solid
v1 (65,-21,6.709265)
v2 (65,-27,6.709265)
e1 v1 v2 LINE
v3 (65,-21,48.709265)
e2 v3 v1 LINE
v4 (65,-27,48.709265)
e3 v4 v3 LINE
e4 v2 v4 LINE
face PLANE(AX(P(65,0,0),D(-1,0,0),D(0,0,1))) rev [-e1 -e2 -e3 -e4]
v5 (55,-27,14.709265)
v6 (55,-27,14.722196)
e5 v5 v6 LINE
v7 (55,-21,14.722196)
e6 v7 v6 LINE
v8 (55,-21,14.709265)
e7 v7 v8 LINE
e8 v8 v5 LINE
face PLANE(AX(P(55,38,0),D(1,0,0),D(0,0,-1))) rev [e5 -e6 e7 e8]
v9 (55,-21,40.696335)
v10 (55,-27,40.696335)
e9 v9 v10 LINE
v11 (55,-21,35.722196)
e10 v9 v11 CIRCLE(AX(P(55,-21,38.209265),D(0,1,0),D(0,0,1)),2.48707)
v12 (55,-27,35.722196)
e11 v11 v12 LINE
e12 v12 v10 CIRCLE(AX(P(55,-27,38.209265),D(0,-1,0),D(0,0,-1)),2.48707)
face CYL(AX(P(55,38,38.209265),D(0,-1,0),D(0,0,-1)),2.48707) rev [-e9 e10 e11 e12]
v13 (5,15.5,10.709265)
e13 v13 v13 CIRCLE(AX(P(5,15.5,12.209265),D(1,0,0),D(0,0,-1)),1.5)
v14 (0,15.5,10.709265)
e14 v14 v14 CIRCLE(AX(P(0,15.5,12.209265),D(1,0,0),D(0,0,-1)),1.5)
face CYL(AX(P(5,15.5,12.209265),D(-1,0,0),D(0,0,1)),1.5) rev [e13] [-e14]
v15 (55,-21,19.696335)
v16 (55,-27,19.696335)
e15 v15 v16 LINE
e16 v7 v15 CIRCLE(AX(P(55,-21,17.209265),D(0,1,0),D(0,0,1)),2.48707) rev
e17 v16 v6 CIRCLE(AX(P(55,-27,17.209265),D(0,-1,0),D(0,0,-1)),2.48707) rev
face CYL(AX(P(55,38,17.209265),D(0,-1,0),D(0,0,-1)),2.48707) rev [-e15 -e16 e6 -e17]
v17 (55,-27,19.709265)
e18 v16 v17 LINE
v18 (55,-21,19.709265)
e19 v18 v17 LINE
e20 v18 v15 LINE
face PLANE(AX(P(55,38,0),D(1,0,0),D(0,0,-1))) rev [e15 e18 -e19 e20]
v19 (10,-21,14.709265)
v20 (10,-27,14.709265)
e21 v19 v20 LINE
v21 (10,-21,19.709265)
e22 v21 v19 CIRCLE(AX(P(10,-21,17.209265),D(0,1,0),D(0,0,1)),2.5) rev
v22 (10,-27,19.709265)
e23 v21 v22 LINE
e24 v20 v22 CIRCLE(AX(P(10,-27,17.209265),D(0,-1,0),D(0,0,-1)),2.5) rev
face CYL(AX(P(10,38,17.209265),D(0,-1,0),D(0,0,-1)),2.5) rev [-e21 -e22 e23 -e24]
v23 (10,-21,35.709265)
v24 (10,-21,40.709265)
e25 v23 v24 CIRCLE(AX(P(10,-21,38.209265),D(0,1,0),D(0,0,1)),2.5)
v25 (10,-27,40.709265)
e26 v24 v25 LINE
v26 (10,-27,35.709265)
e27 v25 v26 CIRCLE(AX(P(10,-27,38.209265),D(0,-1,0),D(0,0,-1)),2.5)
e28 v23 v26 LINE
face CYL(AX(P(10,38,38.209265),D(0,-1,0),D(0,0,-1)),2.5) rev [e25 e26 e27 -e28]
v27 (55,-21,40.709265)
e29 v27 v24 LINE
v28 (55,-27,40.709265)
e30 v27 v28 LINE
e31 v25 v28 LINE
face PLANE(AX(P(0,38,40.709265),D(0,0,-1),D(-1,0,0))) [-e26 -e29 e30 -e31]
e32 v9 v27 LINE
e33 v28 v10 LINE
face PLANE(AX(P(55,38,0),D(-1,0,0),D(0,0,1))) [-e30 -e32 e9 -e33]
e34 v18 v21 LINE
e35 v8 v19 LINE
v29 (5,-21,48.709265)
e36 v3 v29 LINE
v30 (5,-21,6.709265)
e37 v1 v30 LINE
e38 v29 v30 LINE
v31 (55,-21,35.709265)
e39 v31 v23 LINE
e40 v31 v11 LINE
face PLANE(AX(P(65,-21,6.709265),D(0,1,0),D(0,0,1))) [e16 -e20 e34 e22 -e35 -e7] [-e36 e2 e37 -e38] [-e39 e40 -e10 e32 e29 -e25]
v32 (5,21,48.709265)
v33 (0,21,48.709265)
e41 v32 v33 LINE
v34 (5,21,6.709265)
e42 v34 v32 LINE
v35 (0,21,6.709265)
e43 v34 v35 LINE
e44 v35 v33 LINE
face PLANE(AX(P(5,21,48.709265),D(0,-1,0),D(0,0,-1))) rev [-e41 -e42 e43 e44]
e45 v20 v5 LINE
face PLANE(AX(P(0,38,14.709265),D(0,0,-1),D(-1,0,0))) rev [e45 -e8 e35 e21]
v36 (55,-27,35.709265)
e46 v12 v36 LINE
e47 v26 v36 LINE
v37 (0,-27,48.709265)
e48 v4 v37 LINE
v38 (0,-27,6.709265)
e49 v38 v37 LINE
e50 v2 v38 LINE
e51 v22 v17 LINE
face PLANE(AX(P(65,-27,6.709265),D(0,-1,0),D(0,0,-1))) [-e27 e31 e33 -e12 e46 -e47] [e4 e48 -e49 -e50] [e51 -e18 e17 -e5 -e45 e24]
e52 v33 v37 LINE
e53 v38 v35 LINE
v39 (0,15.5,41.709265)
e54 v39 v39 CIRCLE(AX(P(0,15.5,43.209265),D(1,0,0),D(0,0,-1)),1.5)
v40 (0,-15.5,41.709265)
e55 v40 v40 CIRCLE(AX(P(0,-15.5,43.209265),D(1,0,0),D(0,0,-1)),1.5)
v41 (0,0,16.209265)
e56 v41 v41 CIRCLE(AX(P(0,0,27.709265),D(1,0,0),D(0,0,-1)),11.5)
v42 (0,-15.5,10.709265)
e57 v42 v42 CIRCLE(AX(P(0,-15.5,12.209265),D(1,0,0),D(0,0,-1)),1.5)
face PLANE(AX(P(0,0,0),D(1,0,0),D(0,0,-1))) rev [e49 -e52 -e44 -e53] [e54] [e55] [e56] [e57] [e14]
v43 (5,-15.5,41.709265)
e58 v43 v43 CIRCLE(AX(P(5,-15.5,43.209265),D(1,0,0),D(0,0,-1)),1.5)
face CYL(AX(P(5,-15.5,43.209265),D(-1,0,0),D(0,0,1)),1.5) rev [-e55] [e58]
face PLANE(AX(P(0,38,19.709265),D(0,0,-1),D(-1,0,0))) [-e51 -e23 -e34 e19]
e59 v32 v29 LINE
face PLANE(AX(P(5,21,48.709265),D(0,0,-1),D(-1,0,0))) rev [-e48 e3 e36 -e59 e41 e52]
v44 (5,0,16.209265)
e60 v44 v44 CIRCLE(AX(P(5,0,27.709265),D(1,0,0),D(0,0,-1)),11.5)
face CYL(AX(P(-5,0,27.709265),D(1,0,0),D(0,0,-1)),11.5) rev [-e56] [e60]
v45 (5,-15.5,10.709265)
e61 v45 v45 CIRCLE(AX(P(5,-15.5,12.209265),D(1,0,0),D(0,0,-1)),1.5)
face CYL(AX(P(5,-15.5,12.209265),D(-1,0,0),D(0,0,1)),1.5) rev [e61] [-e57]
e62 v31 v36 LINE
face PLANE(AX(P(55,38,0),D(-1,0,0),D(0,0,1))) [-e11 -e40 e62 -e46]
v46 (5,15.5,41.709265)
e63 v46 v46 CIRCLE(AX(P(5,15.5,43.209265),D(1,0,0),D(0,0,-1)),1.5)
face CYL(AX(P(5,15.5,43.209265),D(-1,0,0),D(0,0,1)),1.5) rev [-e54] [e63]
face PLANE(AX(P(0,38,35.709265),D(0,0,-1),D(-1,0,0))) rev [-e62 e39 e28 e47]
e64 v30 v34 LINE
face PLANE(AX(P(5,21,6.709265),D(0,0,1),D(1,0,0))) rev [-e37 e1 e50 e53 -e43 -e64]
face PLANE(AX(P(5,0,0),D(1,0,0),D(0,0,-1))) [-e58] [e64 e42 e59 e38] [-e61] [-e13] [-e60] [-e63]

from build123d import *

# Parameters (mm, degrees)
SKETCH_1_W          = 42
SKETCH_1_H          = 42
SKETCH_1_R          = 1.5
EXTRUDE_1_DEPTH     = 5
SKETCH_2_W          = 42
SKETCH_2_H          = 6
EXTRUDE_2_DEPTH     = 65
CUT_EXTRUDE_2_DEPTH = 65
SKETCH_4_R          = 11.5
CUT_EXTRUDE_3_DEPTH = 10


with BuildPart() as part:
    # 草图1 → 凸台-拉伸1 (new body)
    with BuildSketch(Plane(origin=(0, 0, 0), x_dir=(0, 0, -1), z_dir=(1, 0, 0))):
        with Locations((-27.709265176, 0)):
            Rectangle(SKETCH_1_W, SKETCH_1_H)
        with Locations((-12.209265176, 15.5)):
            Circle(SKETCH_1_R, mode=Mode.SUBTRACT)
        with Locations((-43.209265176, 15.5)):
            Circle(SKETCH_1_R, mode=Mode.SUBTRACT)
        with Locations((-12.209265176, -15.5)):
            Circle(SKETCH_1_R, mode=Mode.SUBTRACT)
        with Locations((-43.209265176, -15.5)):
            Circle(SKETCH_1_R, mode=Mode.SUBTRACT)
    extrude(amount=EXTRUDE_1_DEPTH)

    # 草图2 → 凸台-拉伸2 (add)
    with BuildSketch(Plane.ZY):
        with Locations((27.709265176, -24)):
            Rectangle(SKETCH_2_W, SKETCH_2_H)
    extrude(amount=-EXTRUDE_2_DEPTH)

    # 草图3 → 切除-拉伸2 (cut)
    with BuildSketch(Plane(origin=(0, -27, 0), x_dir=(-1, 0, 0), z_dir=(0, -1, 0))):
        with BuildLine():
            ThreePointArc((-55, -35.722195546), (-57.48706963, -38.209265176), (-55, -40.696334806))
            Line((-55, -40.696334806), (-55, -35.722195546))
        make_face()
        with BuildLine():
            Line((-55, -35.722195546), (-55, -40.696334806))
            ThreePointArc((-55, -40.696334806), (-53.241376199, -39.967888976), (-52.51293037, -38.209265176))
            ThreePointArc((-52.51293037, -38.209265176), (-53.241376199, -36.450641375), (-55, -35.722195546))
        make_face()
        with BuildLine():
            Line((-55, -40.709265176), (-10, -40.709265176))
            ThreePointArc((-10, -40.709265176), (-12.5, -38.209265176), (-10, -35.709265176))
            Line((-10, -35.709265176), (-55, -35.709265176))
            Line((-55, -35.709265176), (-55, -35.722195546))
            ThreePointArc((-55, -35.722195546), (-53.241376199, -36.450641375), (-52.51293037, -38.209265176))
            ThreePointArc((-52.51293037, -38.209265176), (-53.241376199, -39.967888976), (-55, -40.696334806))
            Line((-55, -40.696334806), (-55, -40.709265176))
        make_face()
        with BuildLine():
            ThreePointArc((-10, -35.709265176), (-12.5, -38.209265176), (-10, -40.709265176))
            Line((-10, -40.709265176), (-10, -35.709265176))
        make_face()
        with BuildLine():
            Line((-10, -35.709265176), (-10, -40.709265176))
            ThreePointArc((-10, -40.709265176), (-8.232233047, -39.977032129), (-7.5, -38.209265176))
            ThreePointArc((-7.5, -38.209265176), (-8.232233047, -36.441498223), (-10, -35.709265176))
        make_face()
        with BuildLine():
            ThreePointArc((-10, -14.709265176), (-12.5, -17.209265176), (-10, -19.709265176))
            Line((-10, -19.709265176), (-10, -14.709265176))
        make_face()
        with BuildLine():
            Line((-10, -14.709265176), (-10, -19.709265176))
            ThreePointArc((-10, -19.709265176), (-8.232233047, -18.977032129), (-7.5, -17.209265176))
            ThreePointArc((-7.5, -17.209265176), (-8.232233047, -15.441498223), (-10, -14.709265176))
        make_face()
        with BuildLine():
            Line((-55, -19.709265176), (-10, -19.709265176))
            ThreePointArc((-10, -19.709265176), (-12.5, -17.209265176), (-10, -14.709265176))
            Line((-10, -14.709265176), (-55, -14.709265176))
            Line((-55, -14.709265176), (-55, -14.722195546))
            ThreePointArc((-55, -14.722195546), (-53.241376199, -15.450641375), (-52.51293037, -17.209265176))
            ThreePointArc((-52.51293037, -17.209265176), (-53.241376199, -18.967888976), (-55, -19.696334806))
            Line((-55, -19.696334806), (-55, -19.709265176))
        make_face()
        with BuildLine():
            ThreePointArc((-55, -14.722195546), (-57.48706963, -17.209265176), (-55, -19.696334806))
            Line((-55, -19.696334806), (-55, -14.722195546))
        make_face()
        with BuildLine():
            Line((-55, -14.722195546), (-55, -19.696334806))
            ThreePointArc((-55, -19.696334806), (-53.241376199, -18.967888976), (-52.51293037, -17.209265176))
            ThreePointArc((-52.51293037, -17.209265176), (-53.241376199, -15.450641375), (-55, -14.722195546))
        make_face()
    extrude(amount=-CUT_EXTRUDE_2_DEPTH, mode=Mode.SUBTRACT)

    # 草图4 → 切除-拉伸3 (cut)
    with BuildSketch(Plane(origin=(5, 0, 0), x_dir=(0, 0, -1), z_dir=(1, 0, 0))):
        with Locations((-27.709265176, 0)):
            Circle(SKETCH_4_R)
    extrude(amount=-CUT_EXTRUDE_3_DEPTH, mode=Mode.SUBTRACT)


solid = part.part
